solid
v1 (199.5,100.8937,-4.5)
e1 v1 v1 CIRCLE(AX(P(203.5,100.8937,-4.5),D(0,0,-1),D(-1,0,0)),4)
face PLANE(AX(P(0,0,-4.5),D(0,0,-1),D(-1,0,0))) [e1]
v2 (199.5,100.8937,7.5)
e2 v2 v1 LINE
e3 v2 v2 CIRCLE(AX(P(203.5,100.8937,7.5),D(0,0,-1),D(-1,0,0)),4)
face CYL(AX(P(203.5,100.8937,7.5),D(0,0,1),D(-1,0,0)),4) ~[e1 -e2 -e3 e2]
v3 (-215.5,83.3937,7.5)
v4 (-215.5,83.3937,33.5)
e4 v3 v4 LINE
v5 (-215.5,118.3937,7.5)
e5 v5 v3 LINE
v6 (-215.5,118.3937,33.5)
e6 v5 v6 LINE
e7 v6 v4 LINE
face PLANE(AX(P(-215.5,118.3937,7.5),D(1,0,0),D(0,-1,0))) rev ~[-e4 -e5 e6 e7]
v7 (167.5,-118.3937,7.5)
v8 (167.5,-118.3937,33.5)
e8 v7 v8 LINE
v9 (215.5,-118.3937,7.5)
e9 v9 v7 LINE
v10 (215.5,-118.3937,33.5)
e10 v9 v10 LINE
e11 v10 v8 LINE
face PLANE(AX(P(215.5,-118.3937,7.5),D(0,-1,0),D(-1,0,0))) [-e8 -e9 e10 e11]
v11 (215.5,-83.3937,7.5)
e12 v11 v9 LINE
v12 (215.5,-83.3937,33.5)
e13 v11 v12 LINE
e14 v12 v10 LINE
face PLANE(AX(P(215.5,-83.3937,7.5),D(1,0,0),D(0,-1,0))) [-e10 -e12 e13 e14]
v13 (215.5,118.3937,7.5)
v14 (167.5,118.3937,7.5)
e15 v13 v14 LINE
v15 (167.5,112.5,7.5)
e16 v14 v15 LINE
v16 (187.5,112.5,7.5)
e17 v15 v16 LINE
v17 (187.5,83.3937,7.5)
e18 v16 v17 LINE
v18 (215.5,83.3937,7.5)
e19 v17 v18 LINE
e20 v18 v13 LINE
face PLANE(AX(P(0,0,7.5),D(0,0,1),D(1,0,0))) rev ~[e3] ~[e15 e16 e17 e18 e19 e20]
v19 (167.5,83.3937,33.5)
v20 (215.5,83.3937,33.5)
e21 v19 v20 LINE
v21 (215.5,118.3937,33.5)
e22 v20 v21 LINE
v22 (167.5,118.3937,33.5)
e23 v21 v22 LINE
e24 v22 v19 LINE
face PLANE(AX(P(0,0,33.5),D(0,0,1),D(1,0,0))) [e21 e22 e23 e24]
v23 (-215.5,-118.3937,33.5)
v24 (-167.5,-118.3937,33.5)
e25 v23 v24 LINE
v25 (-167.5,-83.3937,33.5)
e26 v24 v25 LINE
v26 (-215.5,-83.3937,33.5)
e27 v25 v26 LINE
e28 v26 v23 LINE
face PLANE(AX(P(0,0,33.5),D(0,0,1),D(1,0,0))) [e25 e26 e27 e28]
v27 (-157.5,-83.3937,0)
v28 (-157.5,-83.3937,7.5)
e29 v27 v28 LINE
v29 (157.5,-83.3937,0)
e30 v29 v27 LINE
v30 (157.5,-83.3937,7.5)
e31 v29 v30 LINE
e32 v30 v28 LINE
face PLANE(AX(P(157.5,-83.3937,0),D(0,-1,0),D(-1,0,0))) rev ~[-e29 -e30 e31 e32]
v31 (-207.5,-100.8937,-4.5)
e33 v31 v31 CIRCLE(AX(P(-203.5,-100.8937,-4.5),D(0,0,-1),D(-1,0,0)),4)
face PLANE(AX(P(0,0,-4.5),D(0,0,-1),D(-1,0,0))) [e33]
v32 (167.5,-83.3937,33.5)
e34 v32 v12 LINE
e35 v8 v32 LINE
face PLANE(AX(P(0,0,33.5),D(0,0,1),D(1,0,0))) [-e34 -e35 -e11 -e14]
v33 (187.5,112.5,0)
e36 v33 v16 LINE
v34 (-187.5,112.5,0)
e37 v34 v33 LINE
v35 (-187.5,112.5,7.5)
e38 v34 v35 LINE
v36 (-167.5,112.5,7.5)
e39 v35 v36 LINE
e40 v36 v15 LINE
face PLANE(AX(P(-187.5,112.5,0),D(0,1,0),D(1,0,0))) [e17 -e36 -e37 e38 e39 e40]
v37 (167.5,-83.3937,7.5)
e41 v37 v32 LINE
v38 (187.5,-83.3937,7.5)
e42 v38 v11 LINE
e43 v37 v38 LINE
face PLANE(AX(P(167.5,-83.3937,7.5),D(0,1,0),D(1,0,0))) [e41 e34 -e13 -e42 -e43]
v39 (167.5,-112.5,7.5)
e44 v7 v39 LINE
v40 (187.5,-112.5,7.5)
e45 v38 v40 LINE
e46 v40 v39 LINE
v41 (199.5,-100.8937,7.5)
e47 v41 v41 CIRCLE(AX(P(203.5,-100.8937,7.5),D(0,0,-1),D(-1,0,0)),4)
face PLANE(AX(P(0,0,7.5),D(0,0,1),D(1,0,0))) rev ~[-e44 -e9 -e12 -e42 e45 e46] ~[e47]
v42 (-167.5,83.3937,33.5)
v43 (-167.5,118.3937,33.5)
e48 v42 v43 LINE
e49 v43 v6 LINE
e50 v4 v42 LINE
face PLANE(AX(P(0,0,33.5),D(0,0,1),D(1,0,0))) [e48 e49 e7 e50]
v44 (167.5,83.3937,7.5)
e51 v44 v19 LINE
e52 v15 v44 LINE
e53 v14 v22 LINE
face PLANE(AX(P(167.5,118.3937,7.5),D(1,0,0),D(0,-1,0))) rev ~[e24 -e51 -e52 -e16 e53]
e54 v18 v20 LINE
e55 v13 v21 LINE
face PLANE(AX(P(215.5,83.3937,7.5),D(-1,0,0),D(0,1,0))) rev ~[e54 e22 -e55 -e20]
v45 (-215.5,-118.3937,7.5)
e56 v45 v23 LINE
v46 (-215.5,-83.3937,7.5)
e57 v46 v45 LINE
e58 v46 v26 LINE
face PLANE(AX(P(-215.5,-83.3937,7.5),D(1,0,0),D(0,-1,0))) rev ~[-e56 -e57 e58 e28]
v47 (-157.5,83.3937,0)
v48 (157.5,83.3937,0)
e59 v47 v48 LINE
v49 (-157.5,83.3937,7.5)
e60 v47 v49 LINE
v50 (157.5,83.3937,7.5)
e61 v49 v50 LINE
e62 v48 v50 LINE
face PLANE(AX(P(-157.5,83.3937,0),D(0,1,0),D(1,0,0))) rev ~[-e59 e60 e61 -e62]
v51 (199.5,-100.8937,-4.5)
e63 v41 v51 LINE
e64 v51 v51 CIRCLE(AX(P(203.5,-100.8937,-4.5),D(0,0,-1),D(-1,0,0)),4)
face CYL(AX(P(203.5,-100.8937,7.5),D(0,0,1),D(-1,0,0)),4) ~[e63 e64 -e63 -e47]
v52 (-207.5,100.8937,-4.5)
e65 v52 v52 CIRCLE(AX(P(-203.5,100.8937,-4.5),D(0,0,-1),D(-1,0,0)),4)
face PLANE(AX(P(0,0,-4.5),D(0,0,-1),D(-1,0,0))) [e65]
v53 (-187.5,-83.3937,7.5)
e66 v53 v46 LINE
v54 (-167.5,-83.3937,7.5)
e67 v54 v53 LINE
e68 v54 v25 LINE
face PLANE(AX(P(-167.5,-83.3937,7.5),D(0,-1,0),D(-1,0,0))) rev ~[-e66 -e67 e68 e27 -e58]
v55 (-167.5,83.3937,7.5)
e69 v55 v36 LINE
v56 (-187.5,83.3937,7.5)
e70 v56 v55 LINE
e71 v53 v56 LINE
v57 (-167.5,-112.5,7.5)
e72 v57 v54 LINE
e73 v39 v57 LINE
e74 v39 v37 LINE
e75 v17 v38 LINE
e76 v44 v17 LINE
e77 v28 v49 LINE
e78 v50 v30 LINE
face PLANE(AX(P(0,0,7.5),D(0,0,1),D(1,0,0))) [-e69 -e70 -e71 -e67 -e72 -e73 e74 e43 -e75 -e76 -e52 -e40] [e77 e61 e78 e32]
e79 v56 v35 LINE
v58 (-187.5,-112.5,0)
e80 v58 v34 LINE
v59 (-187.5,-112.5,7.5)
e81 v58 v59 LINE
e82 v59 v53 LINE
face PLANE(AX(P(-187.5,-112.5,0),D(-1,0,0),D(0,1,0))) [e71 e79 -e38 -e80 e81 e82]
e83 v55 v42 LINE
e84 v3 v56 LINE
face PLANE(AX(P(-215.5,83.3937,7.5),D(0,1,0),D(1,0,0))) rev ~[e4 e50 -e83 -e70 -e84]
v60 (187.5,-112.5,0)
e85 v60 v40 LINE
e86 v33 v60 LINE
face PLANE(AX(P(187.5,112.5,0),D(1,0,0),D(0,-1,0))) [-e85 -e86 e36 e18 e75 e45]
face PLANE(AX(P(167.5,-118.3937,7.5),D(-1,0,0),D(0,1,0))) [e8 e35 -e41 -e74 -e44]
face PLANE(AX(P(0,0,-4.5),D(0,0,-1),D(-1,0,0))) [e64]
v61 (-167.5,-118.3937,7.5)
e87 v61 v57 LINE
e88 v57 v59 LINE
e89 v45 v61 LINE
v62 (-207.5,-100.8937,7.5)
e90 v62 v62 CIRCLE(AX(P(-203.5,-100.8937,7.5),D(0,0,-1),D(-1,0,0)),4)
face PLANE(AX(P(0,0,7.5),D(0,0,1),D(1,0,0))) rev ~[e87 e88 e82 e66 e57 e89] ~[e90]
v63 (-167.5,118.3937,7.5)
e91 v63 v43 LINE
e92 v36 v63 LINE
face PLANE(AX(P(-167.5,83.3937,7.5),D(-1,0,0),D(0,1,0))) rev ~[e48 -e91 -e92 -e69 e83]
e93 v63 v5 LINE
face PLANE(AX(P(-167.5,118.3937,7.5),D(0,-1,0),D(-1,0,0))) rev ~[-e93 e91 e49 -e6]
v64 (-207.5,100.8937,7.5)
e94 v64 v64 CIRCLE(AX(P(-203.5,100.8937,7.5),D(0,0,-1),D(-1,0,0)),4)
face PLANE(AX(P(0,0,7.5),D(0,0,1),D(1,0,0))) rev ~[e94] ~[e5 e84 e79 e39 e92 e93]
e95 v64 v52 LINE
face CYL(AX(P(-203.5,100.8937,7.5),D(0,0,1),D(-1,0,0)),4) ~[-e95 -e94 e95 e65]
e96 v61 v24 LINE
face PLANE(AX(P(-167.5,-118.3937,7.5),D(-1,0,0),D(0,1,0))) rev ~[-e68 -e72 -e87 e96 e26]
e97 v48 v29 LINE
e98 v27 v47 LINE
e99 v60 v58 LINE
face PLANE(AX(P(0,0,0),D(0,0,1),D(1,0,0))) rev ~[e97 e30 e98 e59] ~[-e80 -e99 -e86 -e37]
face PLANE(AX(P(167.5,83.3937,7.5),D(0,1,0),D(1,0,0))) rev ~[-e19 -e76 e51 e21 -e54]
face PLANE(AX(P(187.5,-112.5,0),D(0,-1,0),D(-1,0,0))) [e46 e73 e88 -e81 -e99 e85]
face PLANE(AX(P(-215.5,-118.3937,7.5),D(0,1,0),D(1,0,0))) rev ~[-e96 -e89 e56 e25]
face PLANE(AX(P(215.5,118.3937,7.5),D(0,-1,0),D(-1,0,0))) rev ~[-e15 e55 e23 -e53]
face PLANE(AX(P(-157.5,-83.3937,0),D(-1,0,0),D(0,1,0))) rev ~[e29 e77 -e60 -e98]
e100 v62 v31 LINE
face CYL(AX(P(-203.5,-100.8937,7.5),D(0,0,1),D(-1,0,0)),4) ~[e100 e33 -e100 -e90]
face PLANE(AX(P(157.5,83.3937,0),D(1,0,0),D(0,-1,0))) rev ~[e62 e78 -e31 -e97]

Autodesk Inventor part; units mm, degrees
ref_plane "YZ Plane" through (0, 0, 0) normal (1, 0, 0) x (0, 1, 0)
ref_plane "XZ Plane" through (0, 0, 0) normal (0, 1, 0) x (-1, 0, 0)
ref_plane "XY Plane" through (0, 0, 0) normal (0, 0, 1) x (1, 0, 0)
sketch "Sketch1" plane through (0, 0, 0) normal (0, 0, 1) x (1, 0, 0)
  line L0 (187.5, -112.5) -> (-187.5, -112.5)
  line L1 (-187.5, -112.5) -> (-187.5, 112.5)
  line L2 (-187.5, 112.5) -> (187.5, 112.5)
  line L3 (187.5, 112.5) -> (187.5, -112.5)
  line L4 (187.5, -112.5) -> (-187.5, 112.5) construction
  line L5 (-187.5, -112.5) -> (187.5, 112.5) construction
  line L6 (157.5, -83.3937) -> (-157.5, -83.3937)
  line L7 (-157.5, -83.3937) -> (-157.5, 83.3937)
  line L8 (-157.5, 83.3937) -> (157.5, 83.3937)
  line L9 (157.5, 83.3937) -> (157.5, -83.3937)
  line L10 (157.5, -83.3937) -> (-157.5, 83.3937) construction
  line L11 (-157.5, -83.3937) -> (157.5, 83.3937) construction
  point P0 (0, 0)
  dimension "d0" = 375
  dimension "d1" = 225
  dimension "d2" = 315
extrude "Extrusion1" add sketch "Sketch1" along normal blind 7.5
sketch "Sketch2" plane through (0, 0, 7.5) normal (0, 0, 1) x (1, 0, 0)
  line L0 (-157.5, 83.3937) -> (157.5, 83.3937) projected
  line L1 (-167.5, 83.3937) -> (-167.5, 118.3937)
  line L2 (-167.5, 118.3937) -> (-215.5, 118.3937)
  line L3 (-215.5, 118.3937) -> (-215.5, 83.3937)
  line L4 (-215.5, 83.3937) -> (-167.5, 83.3937)
  line L5 (167.5, 83.3937) -> (215.5, 83.3937)
  line L6 (215.5, 83.3937) -> (215.5, 118.3937)
  line L7 (215.5, 118.3937) -> (167.5, 118.3937)
  line L8 (167.5, 118.3937) -> (167.5, 83.3937)
  line L9 (157.5, -83.3937) -> (-157.5, -83.3937) projected
  line L10 (167.5, -83.3937) -> (215.5, -83.3937)
  line L11 (215.5, -83.3937) -> (215.5, -118.3937)
  line L12 (215.5, -118.3937) -> (167.5, -118.3937)
  line L13 (167.5, -118.3937) -> (167.5, -83.3937)
  line L14 (-167.5, -83.3937) -> (-215.5, -83.3937)
  line L15 (-215.5, -83.3937) -> (-215.5, -118.3937)
  line L16 (-215.5, -118.3937) -> (-167.5, -118.3937)
  line L17 (-167.5, -118.3937) -> (-167.5, -83.3937)
  point P0 (0, 0)
  dimension "d5" = 10
  dimension "d6" = 35
  dimension "d7" = 48
  dimension "d8" = 35
  dimension "d9" = 10
  dimension "d10" = 48
  dimension "d11" = 35
  dimension "d12" = 10
  dimension "d13" = 48
  dimension "d14" = 35
  dimension "d15" = 48
  dimension "d16" = 10
  dimension "d17" = 48
  dimension "d18" = 35
  dimension "d19" = 48
extrude "Extrusion2" add sketch "Sketch2" along normal blind 26
sketch "Sketch3" plane through (0, 0, 7.5) normal (0, 0, -1) x (-1, 0, 0)
  circle A0 centre (-203.5, 100.8937) radius 4
  line L0 (-187.5, -83.3937) -> (-215.5, -83.3937) projected
  line L1 (167.5, 118.3937) -> (215.5, 118.3937) projected
  line L2 (215.5, 118.3937) -> (215.5, 83.3937) projected
  circle A1 centre (-203.5, -100.8937) radius 4
  circle A2 centre (203.5, -100.8937) radius 4
  circle A3 centre (203.5, 100.8937) radius 4
  point P0 (0, 0)
  point P1 (-215.5, 118.3937)
  point P2 (215.5, -118.3937)
  dimension "d24" = 8
  dimension "d30" = 8
  dimension "d31" = 100.8937
  dimension "d32" = 203.5
  dimension "d33" = 203.5
  dimension "d34" = 100.8937
  dimension "d35" = 100.8937
  dimension "d36" = 203.5
  dimension "d37" = 100.8937
  dimension "d38" = 203.5
extrude "Extrusion3" add sketch "Sketch3" along normal blind 12
properties part number "RielesModificado"
